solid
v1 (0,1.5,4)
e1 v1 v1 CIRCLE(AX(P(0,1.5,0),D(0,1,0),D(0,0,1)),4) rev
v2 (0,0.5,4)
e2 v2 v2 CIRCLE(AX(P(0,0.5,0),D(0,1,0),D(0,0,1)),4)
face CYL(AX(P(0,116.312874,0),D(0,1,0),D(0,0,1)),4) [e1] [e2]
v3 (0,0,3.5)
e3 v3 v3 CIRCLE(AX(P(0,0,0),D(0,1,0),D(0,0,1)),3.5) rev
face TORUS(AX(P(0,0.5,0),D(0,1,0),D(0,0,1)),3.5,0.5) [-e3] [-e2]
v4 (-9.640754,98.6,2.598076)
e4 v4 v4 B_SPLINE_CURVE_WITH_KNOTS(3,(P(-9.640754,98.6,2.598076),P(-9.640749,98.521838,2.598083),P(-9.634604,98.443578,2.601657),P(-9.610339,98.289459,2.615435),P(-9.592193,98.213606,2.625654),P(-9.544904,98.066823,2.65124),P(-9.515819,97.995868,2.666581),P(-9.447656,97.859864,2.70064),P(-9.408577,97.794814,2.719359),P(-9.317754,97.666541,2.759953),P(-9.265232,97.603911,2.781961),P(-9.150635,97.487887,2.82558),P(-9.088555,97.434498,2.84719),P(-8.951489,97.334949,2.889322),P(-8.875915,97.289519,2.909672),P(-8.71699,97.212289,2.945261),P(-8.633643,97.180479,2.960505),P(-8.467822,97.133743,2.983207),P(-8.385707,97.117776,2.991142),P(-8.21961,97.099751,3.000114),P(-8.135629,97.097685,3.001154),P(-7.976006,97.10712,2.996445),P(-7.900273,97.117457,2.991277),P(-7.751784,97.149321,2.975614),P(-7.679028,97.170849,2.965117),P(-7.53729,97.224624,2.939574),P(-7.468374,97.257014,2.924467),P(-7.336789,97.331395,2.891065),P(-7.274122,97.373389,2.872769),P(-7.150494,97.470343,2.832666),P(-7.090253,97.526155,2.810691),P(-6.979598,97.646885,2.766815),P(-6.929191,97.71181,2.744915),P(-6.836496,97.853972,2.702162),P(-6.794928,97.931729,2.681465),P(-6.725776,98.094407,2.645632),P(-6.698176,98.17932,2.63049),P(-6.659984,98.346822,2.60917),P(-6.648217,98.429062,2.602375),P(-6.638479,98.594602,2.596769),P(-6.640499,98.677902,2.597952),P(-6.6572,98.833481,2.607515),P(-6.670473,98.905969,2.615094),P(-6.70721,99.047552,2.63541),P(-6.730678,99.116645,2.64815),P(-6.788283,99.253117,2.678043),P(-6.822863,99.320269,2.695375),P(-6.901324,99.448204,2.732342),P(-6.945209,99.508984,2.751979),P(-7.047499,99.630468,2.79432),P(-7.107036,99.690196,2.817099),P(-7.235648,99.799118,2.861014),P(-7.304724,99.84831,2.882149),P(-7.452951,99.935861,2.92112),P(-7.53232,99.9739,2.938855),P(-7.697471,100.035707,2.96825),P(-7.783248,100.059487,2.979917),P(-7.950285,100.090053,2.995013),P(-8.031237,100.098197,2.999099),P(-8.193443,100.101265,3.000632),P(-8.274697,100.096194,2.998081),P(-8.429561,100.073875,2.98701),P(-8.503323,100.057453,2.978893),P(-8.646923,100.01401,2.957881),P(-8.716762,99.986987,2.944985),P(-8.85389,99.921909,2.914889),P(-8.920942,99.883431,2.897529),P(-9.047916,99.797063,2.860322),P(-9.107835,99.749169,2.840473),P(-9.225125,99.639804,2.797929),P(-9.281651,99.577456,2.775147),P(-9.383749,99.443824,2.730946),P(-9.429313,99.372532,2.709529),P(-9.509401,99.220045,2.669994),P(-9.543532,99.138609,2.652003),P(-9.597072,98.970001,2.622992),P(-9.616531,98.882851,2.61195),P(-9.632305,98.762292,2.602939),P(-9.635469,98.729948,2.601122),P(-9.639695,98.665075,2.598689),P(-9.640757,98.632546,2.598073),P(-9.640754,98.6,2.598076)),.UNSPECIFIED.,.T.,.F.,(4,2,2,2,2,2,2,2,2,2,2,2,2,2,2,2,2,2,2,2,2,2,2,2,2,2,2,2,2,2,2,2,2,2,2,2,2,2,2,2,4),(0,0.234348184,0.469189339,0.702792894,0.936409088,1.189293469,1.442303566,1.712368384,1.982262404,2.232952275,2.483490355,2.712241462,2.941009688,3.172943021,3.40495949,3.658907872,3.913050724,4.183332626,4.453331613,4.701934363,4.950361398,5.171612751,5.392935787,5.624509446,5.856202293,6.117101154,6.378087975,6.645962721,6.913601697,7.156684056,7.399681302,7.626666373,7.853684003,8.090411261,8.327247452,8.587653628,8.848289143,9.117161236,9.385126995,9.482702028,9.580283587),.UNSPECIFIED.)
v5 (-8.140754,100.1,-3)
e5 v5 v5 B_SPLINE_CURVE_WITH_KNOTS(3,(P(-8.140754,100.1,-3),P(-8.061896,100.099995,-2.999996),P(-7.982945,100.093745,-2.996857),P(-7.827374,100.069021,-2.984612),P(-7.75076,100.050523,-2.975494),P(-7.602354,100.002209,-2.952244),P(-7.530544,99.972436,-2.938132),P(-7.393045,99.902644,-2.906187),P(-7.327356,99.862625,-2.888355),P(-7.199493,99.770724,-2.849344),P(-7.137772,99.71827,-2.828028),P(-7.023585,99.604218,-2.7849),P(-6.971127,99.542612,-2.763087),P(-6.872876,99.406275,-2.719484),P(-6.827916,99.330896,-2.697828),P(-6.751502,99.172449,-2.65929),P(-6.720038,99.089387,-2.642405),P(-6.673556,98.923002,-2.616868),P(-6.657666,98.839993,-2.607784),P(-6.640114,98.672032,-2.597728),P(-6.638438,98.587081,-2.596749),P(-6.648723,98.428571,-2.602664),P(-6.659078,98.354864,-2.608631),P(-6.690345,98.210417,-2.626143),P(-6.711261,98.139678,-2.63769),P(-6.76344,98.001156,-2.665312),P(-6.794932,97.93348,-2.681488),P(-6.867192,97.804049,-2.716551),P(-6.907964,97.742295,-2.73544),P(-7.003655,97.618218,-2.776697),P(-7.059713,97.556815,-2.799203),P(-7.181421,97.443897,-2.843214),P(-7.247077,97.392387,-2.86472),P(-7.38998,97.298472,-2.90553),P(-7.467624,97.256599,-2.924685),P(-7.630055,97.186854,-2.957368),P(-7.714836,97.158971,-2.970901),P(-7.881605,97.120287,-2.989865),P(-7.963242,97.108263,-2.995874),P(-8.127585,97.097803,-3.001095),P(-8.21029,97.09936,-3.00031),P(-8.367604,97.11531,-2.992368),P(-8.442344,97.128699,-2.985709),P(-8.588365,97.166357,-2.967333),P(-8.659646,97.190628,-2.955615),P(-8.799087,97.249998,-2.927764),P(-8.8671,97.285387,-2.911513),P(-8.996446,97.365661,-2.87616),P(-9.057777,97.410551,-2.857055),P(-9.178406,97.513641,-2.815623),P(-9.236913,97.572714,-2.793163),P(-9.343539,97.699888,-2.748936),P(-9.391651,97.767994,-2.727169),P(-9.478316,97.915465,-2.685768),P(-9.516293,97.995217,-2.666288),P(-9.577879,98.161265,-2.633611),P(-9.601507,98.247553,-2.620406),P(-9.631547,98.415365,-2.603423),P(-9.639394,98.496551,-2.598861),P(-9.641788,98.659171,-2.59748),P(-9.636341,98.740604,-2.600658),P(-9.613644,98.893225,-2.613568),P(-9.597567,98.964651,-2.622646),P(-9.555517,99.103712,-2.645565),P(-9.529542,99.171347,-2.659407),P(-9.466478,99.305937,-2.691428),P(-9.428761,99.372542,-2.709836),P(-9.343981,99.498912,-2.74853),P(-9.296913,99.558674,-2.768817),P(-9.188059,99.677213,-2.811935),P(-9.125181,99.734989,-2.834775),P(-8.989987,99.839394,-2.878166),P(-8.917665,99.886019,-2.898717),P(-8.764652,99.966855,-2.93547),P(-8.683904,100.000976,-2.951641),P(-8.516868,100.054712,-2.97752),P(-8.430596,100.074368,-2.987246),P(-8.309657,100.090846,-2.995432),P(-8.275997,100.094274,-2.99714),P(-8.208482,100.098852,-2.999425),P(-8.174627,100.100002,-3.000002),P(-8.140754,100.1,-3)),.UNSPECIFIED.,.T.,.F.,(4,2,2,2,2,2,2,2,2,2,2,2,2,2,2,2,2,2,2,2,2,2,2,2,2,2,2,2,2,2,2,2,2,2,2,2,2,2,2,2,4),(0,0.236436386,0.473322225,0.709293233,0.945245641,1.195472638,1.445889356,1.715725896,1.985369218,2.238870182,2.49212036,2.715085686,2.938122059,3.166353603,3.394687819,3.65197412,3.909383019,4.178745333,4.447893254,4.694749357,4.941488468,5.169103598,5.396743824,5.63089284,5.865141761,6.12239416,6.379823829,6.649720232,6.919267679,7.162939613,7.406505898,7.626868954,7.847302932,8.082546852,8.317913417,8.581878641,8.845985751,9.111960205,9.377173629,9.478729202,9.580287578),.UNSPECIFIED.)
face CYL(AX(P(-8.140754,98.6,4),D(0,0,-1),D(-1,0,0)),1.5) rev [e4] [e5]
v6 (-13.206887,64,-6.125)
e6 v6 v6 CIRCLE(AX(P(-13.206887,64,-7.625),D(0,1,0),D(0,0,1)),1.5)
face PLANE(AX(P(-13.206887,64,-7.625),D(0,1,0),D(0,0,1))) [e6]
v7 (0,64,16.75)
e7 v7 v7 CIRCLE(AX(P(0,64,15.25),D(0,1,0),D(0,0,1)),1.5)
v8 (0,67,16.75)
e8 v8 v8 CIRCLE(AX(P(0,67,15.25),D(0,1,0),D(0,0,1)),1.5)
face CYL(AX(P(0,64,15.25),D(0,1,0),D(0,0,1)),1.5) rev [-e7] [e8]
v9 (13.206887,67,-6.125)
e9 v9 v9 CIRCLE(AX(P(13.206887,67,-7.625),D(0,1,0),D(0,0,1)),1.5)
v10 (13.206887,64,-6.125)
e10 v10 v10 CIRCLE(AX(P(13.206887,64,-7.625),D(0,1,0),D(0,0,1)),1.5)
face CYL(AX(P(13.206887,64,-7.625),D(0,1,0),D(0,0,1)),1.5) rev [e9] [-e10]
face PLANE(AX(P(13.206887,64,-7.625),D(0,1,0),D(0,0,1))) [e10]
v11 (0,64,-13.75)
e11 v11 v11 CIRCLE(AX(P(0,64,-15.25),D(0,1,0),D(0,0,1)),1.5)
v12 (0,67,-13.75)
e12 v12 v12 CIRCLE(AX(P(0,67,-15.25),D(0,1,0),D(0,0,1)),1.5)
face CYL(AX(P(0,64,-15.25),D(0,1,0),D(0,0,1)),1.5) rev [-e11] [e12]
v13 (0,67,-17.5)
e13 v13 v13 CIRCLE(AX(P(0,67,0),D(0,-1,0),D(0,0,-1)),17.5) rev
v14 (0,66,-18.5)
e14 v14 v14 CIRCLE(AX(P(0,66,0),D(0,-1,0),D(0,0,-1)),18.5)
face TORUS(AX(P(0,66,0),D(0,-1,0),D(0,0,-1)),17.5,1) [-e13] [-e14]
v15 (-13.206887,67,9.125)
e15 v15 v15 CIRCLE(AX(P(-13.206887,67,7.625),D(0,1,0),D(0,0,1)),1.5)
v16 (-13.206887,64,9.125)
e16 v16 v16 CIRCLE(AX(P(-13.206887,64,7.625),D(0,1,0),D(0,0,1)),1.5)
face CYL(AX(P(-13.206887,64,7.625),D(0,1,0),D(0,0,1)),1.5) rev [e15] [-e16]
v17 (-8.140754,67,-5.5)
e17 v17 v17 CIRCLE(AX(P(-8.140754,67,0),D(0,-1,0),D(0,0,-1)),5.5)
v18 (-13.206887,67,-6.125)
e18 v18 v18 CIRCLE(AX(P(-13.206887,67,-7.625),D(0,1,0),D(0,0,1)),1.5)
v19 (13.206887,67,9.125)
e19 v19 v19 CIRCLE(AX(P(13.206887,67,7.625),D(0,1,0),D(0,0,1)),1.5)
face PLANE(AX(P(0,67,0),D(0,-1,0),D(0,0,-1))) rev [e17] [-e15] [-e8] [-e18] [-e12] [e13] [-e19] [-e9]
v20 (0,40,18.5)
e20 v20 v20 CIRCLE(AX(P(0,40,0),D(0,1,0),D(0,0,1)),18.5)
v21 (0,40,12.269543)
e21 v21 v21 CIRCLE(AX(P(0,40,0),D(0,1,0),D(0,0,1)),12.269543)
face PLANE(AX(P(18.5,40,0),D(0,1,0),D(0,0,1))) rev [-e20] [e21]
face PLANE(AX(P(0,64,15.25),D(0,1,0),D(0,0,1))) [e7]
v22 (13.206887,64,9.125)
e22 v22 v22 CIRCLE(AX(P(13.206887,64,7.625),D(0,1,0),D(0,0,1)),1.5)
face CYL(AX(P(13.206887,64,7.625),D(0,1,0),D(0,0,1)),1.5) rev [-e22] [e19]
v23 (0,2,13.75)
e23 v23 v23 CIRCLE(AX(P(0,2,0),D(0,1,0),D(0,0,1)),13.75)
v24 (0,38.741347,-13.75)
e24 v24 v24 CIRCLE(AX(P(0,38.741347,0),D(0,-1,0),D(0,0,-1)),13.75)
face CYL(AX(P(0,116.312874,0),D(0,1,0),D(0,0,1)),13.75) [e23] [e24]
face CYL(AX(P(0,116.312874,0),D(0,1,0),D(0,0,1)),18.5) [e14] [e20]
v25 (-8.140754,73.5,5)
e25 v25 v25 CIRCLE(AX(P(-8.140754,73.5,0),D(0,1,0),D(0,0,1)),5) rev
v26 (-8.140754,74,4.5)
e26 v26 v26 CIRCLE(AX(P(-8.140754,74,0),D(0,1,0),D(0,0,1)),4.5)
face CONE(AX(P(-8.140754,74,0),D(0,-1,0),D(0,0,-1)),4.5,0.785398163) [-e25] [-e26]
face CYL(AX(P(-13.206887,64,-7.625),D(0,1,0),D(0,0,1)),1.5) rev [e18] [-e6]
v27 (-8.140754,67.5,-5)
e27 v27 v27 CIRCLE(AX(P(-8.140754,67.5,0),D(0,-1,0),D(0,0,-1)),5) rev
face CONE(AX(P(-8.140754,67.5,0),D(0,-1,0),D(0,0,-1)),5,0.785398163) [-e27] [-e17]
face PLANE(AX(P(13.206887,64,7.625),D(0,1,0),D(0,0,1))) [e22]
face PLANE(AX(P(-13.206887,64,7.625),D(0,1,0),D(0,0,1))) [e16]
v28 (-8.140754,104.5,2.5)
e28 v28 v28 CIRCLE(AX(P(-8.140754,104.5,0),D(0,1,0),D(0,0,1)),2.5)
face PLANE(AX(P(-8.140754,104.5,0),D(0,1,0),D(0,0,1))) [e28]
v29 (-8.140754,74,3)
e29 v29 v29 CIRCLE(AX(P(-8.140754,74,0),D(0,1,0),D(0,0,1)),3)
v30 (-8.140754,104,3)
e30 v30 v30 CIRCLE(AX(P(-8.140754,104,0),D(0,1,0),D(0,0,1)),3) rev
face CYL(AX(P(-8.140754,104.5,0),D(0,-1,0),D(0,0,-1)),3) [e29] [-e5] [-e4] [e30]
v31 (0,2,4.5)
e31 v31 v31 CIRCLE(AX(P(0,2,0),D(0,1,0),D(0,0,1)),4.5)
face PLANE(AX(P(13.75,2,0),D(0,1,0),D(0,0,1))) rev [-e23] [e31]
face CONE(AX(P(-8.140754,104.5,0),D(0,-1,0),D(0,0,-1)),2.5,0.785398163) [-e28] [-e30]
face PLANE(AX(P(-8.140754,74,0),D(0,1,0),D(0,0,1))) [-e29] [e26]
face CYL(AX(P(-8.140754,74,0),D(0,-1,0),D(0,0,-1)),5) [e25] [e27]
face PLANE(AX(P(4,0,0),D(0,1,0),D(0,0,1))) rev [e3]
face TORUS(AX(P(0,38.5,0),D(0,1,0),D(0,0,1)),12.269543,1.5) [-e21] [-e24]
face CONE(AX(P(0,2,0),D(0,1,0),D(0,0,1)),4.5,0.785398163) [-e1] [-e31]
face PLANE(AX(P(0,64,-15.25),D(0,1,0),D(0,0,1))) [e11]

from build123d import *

# Parameters (mm, degrees)
SKETCH2_R               = 5
BOSS_EXTRUDE1_DEPTH     = 7
SKETCH3_R               = 3
BOSS_EXTRUDE2_DEPTH     = 30.5
SKETCH4_R               = 1.5
CUT_EXTRUDE1_DEPTH      = 3
CUT_EXTRUDE2_DEPTH      = 4
CUT_EXTRUDE2_DEPTH_BACK = 4
SKETCH5_R               = 1.5
CHAMFER1_SIZE           = 0.5
FILLET1_R               = 0.5
CHAMFER2_SIZE           = 0.5
CHAMFER3_SIZE           = 0.5
FILLET4_R               = 1


with BuildPart() as part:
    # Sketch1 → Revolve1 (revolve)
    with BuildSketch(Plane.XY):
        Polygon((0, 67), (18.5, 67), (18.5, 40), (13.75, 40), (13.75, 2), (4, 2), (4, 0), (0, 0), align=None)
    revolve(axis=Axis((0, 116.312873798, 0), (0, -1, 0)))

    # Sketch2 → Boss-Extrude1 (add)
    with BuildSketch(Plane(origin=(0, 67, 0), x_dir=(1, 0, 0), z_dir=(0, 1, 0))):
        with Locations((-8.140754401, 0)):
            Circle(SKETCH2_R)
    extrude(amount=BOSS_EXTRUDE1_DEPTH)

    # Sketch3 → Boss-Extrude2 (add)
    with BuildSketch(Plane(origin=(0, 74, 0), x_dir=(1, 0, 0), z_dir=(0, 1, 0))):
        with Locations((-8.140754401, 0)):
            Circle(SKETCH3_R)
    extrude(amount=BOSS_EXTRUDE2_DEPTH)

    # Sketch4 → Cut-Extrude1 (cut)
    with BuildSketch(Plane(origin=(0, 67, 0), x_dir=(1, 0, 0), z_dir=(0, 1, 0))):
        with Locations((0, 15.25)):
            Circle(SKETCH4_R)
        with Locations((13.206887408, 7.625)):
            Circle(SKETCH4_R)
        with Locations((13.206887408, -7.625)):
            Circle(SKETCH4_R)
        with Locations((0, -15.25)):
            Circle(SKETCH4_R)
        with Locations((-13.206887408, -7.625)):
            Circle(SKETCH4_R)
        with Locations((-13.206887408, 7.625)):
            Circle(SKETCH4_R)
    extrude(amount=-CUT_EXTRUDE1_DEPTH, mode=Mode.SUBTRACT)

    # Sketch5 → Cut-Extrude2 (cut, two sides: drawn at the far end of the back side and taken through both)
    with BuildSketch(Plane.XY.offset(-CUT_EXTRUDE2_DEPTH_BACK)):
        with Locations((-8.140754401, 98.6)):
            Circle(SKETCH5_R)
    extrude(amount=CUT_EXTRUDE2_DEPTH + CUT_EXTRUDE2_DEPTH_BACK, mode=Mode.SUBTRACT)

    # Chamfer1
    chamfer1_edges = [part.edges().sort_by_distance(p)[0] for p in [
        (-13.140754401, 67, 0),
        (-13.140754401, 74, 0),
    ]]
    chamfer(chamfer1_edges, length=CHAMFER1_SIZE)

    # Fillet1
    fillet1_edges = [part.edges().sort_by_distance(p)[0] for p in [
        (-4, 0, 0),
    ]]
    fillet(fillet1_edges, radius=FILLET1_R)

    # Chamfer2
    chamfer2_edges = [part.edges().sort_by_distance(p)[0] for p in [
        (-4, 2, 0),
    ]]
    chamfer(chamfer2_edges, length=CHAMFER2_SIZE)

    # Chamfer3
    chamfer3_edges = [part.edges().sort_by_distance(p)[0] for p in [
        (-11.140754401, 104.5, 0),
    ]]
    chamfer(chamfer3_edges, length=CHAMFER3_SIZE)

    # Fillet4
    fillet4_edges = [part.edges().sort_by_distance(p)[0] for p in [
        (-18.5, 67, 0),
    ]]
    fillet(fillet4_edges, radius=FILLET4_R)

    # Sketch6 → Cut-Revolve1 (revolve, cut)
    with BuildSketch(Plane.XY):
        with BuildLine():
            Line((13.769543402, 40), (12.269543402, 40))
            ThreePointArc((12.269543402, 40), (13.330203573, 39.560660172), (13.769543402, 38.5))
            Line((13.769543402, 38.5), (13.769543402, 40))
        make_face()
    revolve(axis=Axis((0, 116.312873798, 0), (0, -1, 0)), mode=Mode.SUBTRACT)


solid = part.part
